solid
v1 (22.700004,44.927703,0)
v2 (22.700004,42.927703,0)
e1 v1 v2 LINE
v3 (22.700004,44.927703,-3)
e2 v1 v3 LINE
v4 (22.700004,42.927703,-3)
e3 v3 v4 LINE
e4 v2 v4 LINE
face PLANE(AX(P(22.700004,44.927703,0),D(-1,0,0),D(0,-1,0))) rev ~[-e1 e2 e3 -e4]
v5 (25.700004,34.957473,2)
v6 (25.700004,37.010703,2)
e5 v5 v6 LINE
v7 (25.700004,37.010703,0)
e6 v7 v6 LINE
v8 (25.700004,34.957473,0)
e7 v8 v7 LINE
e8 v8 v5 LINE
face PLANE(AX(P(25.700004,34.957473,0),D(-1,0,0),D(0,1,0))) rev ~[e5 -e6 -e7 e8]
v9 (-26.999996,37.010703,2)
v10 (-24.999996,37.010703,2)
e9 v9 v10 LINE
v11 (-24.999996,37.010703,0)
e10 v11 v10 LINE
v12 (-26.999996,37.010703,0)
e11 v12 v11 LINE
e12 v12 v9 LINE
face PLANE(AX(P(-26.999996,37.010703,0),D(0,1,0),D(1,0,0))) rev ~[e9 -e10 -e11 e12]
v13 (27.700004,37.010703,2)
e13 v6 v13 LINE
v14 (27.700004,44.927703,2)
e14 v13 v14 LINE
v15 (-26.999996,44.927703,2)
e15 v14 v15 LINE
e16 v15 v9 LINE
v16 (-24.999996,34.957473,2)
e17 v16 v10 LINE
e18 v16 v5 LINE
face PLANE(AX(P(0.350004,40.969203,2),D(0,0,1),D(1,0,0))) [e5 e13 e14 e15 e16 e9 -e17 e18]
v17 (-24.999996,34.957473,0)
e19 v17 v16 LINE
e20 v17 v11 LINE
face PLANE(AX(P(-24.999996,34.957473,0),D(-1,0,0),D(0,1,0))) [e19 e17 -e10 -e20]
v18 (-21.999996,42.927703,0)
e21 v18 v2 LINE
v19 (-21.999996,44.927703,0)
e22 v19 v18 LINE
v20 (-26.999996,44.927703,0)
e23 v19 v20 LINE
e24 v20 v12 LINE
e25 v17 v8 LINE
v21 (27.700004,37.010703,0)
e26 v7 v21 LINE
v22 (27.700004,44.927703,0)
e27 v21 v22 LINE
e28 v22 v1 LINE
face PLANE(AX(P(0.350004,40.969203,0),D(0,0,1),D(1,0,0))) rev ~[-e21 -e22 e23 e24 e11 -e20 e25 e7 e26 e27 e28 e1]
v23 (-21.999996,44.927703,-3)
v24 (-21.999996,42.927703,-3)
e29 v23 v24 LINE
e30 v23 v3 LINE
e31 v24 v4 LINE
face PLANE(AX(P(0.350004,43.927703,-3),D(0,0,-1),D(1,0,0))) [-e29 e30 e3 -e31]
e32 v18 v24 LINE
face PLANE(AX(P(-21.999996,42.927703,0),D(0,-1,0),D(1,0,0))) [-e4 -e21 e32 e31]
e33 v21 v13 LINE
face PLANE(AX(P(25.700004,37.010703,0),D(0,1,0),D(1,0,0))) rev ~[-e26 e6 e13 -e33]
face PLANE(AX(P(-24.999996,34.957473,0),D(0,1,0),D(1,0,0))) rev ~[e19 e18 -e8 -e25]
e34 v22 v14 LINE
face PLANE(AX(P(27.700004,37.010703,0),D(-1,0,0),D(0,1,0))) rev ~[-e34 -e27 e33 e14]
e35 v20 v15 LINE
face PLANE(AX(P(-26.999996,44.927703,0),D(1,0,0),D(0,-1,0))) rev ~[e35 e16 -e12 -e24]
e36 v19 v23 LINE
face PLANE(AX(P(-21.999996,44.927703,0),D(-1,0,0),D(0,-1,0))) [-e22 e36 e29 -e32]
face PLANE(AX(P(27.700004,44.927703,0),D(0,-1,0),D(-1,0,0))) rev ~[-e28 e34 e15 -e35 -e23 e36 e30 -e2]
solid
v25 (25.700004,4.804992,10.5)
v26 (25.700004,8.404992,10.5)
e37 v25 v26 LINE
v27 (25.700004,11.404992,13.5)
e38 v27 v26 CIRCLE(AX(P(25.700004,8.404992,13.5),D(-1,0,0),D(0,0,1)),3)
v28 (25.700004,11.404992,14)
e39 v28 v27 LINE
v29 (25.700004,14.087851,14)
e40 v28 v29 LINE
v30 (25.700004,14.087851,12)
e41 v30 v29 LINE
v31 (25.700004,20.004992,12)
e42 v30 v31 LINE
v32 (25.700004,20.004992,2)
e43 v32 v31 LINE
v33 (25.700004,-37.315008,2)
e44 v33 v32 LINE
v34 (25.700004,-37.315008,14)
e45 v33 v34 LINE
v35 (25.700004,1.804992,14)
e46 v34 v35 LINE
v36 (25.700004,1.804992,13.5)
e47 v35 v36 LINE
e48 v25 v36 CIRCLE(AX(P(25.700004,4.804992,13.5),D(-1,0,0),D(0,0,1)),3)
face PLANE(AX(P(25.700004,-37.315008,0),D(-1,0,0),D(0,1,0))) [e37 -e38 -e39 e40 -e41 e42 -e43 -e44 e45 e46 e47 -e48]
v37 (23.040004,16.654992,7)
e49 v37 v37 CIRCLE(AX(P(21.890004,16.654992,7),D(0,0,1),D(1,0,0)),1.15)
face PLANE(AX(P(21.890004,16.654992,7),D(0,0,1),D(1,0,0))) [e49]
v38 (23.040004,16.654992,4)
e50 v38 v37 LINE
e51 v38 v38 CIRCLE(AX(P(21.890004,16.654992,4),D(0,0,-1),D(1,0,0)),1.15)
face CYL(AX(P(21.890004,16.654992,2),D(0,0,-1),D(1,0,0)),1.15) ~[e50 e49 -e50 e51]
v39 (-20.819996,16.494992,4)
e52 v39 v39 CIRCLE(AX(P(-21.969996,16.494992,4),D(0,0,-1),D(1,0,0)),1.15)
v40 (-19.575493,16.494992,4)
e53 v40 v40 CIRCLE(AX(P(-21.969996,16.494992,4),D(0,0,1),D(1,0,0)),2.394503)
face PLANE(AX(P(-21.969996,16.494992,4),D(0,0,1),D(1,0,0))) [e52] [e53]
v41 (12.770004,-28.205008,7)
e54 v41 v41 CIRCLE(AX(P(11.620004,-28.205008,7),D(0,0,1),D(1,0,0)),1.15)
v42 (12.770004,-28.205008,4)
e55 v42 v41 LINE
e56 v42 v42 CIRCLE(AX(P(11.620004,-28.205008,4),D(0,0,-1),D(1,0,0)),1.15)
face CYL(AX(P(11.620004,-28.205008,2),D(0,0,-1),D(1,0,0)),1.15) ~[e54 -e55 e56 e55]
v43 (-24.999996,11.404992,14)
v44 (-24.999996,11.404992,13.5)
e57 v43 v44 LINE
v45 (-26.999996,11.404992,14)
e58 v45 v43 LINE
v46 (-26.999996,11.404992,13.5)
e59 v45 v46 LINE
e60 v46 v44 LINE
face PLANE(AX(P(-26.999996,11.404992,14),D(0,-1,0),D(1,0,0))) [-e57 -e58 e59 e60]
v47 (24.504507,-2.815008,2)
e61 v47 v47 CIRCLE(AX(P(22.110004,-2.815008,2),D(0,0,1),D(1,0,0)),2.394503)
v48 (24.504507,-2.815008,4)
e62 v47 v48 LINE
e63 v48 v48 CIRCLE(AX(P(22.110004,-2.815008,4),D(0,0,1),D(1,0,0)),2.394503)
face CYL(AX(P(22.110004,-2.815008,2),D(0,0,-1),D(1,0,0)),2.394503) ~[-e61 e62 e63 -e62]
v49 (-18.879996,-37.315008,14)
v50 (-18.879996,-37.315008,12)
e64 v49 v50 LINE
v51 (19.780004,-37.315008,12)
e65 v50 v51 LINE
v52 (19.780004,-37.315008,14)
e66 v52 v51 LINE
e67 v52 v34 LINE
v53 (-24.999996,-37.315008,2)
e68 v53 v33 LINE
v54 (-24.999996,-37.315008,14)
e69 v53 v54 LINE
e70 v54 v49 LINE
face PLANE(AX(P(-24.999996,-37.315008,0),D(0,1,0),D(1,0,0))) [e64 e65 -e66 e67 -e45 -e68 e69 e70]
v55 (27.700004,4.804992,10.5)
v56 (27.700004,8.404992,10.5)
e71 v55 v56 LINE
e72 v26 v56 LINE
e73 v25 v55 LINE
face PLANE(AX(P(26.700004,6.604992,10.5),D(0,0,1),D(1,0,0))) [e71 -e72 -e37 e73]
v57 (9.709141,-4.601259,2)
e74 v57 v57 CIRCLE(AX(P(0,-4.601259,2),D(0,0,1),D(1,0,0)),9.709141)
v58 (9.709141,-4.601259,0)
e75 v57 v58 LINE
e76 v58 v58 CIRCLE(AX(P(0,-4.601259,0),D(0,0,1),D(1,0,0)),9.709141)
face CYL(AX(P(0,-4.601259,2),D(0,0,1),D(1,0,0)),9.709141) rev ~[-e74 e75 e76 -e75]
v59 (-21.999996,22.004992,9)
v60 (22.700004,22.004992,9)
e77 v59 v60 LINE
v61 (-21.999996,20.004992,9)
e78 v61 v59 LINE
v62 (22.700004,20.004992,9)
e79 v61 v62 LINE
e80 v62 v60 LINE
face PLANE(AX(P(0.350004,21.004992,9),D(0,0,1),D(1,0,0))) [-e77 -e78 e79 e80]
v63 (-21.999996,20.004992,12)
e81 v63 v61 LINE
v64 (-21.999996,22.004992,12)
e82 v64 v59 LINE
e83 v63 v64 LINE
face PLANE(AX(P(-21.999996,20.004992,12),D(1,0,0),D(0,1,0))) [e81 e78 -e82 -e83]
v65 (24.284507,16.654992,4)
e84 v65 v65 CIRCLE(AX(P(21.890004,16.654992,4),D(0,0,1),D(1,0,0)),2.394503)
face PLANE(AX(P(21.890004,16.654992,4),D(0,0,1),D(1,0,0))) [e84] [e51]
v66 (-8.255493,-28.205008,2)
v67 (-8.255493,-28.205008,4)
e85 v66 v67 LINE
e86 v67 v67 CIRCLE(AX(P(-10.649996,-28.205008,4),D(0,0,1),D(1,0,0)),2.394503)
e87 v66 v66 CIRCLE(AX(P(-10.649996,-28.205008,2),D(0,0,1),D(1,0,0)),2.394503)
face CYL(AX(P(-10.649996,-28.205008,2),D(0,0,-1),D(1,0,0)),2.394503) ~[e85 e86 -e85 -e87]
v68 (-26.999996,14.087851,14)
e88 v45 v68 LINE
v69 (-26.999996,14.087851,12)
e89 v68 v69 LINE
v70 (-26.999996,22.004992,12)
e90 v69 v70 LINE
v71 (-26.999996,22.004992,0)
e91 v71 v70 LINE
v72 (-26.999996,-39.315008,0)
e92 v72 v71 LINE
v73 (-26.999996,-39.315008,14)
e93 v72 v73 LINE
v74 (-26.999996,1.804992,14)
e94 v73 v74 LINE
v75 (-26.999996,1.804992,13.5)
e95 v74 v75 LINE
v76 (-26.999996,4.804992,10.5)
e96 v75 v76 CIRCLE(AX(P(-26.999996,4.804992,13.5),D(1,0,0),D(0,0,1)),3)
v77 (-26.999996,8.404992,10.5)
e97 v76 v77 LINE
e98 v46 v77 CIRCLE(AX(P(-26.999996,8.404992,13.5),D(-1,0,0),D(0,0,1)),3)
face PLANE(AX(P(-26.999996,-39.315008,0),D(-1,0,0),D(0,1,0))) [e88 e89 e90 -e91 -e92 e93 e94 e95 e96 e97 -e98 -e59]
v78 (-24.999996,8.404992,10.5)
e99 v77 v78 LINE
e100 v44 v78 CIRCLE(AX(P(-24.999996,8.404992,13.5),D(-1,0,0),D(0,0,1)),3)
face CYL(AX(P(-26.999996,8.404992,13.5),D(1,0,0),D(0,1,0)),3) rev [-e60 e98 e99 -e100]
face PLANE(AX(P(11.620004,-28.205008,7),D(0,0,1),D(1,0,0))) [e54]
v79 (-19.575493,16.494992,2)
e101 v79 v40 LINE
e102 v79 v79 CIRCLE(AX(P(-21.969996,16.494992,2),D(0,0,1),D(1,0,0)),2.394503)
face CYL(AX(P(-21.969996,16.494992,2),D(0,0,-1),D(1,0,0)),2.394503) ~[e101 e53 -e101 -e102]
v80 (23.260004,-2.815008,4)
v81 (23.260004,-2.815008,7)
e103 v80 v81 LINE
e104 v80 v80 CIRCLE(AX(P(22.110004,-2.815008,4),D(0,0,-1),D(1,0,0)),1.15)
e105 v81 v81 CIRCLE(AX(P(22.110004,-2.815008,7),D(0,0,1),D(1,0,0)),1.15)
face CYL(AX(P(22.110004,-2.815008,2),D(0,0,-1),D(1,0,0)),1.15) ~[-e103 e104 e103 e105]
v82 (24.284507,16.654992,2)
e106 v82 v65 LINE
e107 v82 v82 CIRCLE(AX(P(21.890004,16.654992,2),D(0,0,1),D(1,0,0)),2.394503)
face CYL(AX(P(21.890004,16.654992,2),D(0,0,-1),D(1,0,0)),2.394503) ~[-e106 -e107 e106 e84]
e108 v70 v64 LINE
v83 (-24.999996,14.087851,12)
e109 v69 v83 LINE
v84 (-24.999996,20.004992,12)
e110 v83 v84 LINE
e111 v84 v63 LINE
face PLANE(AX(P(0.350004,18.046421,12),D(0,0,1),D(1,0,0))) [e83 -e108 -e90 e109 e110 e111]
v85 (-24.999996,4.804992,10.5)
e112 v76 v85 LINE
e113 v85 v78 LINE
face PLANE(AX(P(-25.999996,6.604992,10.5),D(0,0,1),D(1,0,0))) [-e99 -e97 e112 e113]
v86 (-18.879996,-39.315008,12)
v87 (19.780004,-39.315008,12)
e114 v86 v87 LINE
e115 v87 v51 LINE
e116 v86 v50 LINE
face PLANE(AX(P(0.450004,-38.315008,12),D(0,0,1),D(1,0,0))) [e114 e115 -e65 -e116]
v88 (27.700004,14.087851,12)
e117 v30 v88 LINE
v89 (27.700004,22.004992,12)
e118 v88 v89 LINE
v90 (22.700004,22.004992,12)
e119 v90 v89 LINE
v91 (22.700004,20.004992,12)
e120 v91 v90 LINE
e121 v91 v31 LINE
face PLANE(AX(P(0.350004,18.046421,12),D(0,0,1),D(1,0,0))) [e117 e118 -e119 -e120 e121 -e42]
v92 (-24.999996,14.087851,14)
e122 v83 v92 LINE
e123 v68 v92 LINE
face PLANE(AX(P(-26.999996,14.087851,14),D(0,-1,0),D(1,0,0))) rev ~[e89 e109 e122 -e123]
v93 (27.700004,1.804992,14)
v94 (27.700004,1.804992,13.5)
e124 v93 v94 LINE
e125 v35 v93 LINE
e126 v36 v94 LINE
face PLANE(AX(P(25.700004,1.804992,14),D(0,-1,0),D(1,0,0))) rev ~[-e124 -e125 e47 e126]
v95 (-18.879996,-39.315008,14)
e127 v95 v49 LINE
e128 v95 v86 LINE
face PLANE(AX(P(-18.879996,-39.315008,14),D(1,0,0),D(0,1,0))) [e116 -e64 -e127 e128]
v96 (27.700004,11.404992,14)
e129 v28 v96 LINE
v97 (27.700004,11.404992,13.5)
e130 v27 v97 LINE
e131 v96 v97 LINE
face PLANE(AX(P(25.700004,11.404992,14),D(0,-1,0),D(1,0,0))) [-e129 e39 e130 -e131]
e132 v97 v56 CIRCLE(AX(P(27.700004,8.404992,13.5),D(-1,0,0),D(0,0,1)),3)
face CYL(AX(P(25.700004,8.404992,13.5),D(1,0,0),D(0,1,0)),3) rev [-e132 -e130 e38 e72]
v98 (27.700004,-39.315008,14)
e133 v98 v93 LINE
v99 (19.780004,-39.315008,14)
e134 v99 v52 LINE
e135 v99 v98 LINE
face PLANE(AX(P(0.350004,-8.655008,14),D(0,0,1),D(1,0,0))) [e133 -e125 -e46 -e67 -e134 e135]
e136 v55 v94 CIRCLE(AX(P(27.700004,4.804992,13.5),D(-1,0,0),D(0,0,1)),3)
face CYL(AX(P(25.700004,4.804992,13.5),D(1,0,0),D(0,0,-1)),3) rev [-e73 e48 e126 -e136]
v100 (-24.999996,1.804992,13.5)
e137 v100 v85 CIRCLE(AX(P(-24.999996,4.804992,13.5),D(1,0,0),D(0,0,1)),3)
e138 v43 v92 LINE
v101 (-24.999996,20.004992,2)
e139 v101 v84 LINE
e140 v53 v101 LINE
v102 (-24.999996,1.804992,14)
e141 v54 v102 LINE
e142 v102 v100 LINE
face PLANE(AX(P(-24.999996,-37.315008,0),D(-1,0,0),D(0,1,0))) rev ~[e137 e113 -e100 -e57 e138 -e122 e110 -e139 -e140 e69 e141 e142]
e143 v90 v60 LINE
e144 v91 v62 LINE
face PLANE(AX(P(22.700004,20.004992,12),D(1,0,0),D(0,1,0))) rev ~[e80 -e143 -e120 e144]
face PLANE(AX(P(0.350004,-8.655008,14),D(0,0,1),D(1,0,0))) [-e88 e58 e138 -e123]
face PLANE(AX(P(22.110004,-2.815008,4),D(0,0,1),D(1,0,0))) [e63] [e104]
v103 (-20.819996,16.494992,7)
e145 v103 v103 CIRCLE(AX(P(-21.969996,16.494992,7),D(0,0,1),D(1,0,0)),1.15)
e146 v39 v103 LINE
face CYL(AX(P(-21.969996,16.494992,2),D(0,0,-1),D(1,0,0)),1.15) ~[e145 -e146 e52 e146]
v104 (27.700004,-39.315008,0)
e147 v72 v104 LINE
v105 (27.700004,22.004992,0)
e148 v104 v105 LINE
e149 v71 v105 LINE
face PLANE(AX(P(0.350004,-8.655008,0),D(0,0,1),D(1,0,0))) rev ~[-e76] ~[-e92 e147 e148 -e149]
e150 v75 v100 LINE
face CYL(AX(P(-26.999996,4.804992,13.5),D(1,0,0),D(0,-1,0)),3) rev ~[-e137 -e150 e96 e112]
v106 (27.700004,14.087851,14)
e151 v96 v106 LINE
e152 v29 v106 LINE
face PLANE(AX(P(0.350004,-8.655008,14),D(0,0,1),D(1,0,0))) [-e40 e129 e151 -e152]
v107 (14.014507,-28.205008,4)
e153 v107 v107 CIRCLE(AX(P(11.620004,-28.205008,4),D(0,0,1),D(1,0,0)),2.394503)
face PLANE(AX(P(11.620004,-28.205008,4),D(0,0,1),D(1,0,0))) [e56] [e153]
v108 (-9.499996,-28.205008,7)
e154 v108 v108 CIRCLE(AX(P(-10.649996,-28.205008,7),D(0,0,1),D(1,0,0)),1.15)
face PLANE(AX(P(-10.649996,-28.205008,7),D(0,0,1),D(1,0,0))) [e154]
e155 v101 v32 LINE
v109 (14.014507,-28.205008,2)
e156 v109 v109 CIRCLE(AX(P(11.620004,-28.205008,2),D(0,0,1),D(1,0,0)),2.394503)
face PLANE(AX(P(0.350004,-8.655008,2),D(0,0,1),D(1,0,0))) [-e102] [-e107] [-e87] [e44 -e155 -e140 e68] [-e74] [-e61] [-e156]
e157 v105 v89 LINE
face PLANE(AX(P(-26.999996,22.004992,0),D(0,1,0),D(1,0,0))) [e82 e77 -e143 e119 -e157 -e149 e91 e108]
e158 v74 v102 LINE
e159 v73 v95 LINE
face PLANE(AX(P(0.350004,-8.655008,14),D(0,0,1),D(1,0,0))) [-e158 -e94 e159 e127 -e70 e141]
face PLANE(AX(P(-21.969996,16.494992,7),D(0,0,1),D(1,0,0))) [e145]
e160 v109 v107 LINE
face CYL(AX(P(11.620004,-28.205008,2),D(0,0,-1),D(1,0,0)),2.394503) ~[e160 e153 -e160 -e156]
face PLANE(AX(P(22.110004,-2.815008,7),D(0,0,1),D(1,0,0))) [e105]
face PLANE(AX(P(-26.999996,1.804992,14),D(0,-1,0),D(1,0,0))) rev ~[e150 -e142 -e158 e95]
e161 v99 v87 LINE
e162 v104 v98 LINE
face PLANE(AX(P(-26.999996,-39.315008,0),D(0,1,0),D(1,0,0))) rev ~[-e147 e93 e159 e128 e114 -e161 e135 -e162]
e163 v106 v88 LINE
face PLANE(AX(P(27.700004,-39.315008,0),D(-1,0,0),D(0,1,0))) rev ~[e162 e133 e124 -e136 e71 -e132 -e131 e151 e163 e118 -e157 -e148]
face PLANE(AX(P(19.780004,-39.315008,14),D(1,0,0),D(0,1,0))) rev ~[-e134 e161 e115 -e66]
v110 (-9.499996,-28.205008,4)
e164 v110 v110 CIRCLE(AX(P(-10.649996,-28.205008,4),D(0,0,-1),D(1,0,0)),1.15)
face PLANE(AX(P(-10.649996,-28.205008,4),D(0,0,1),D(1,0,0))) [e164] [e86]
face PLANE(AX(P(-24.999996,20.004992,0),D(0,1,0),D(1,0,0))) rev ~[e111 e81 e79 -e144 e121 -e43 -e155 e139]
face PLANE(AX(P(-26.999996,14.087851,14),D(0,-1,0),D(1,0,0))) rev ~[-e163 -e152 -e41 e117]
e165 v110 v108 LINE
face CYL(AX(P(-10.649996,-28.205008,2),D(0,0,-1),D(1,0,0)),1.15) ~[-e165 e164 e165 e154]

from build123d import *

# Parameters (mm, degrees)
F0_W      = 54.7
F0_H      = 61.32
F0_W_2    = 50.7
F0_H_2    = 57.32
F1_DEPTH  = 14
F2_DEPTH  = 2
F3_R      = 1.15
F4_DEPTH  = 5
F5_R      = 2.3945032788
F6_DEPTH  = 2
F7_W      = 2
F7_H      = 9.6
F8_DEPTH  = 3.5
F9_R      = 3
F10_W     = 2
F10_H     = 9.6
F11_DEPTH = 3.5
F12_R     = 3
F13_W     = 38.66
F13_H     = 2
F14_DEPTH = 2
F15_W     = 54.7
F15_H     = 7.9171418053
F16_DEPTH = 2
F17_W     = 50.7
F17_H     = 2.05323
F18_DEPTH = 2
F19_W     = 44.7
F19_H     = 2
F20_DEPTH = 3
F21_W     = 44.7
F21_H     = 2
F22_DEPTH = 3
F23_R     = 9.7091406399
F24_DEPTH = 3


with BuildPart() as f1:
    # F0 (on Top) → F1 (new body)
    with BuildSketch(Plane.XY):
        with Locations((0.3500037253, -8.655007627)):
            Rectangle(F0_W, F0_H)
        with Locations((0.3500037253, -8.655007627)):
            Rectangle(F0_W_2, F0_H_2, mode=Mode.SUBTRACT)
    extrude(amount=F1_DEPTH)

    # F0 (on Top) → F2 (join)
    with BuildSketch(Plane.XY):
        with Locations((0.3500037253, -8.655007627)):
            Rectangle(F0_W_2, F0_H_2)
    extrude(amount=F2_DEPTH)

    # F3 (on face) → F4 (join)
    with BuildSketch(Plane.XY.offset(2)):
        with Locations((21.8900037253, 16.654992373)):
            Circle(F3_R)
        with Locations((-21.9699962747, 16.494992373)):
            Circle(F3_R)
        with Locations((22.1100037253, -2.815007627)):
            Circle(F3_R)
        with Locations((11.6200037253, -28.205007627)):
            Circle(F3_R)
        with Locations((-10.6499962747, -28.205007627)):
            Circle(F3_R)
    extrude(amount=F4_DEPTH)

    # F5 (on face) → F6 (join)
    with BuildSketch(Plane.XY.offset(2)):
        with Locations((-10.6499962747, -28.205007627)):
            Circle(F5_R)
        with Locations((11.6200037253, -28.205007627)):
            Circle(F5_R)
        with Locations((22.1100037253, -2.815007627)):
            Circle(F5_R)
        with Locations((21.8900037253, 16.654992373)):
            Circle(F5_R)
        with Locations((-21.9699962747, 16.494992373)):
            Circle(F5_R)
    extrude(amount=F6_DEPTH)

    # F7 (on face) → F8 (cut)
    with BuildSketch(Plane.XY.offset(14)):
        with Locations((26.7000037253, 6.604992373)):
            Rectangle(F7_W, F7_H)
    extrude(amount=-F8_DEPTH, mode=Mode.SUBTRACT)

    # F9
    f9_edges = [f1.edges().sort_by_distance(p)[0] for p in [
        (26.700004, 11.404992, 10.5),
        (26.700004, 1.804992, 10.5),
    ]]
    fillet(f9_edges, radius=F9_R)

    # F10 (on face) → F11 (cut)
    with BuildSketch(Plane.XY.offset(14)):
        with Locations((-25.9999962747, 6.604992373)):
            Rectangle(F10_W, F10_H)
    extrude(amount=-F11_DEPTH, mode=Mode.SUBTRACT)

    # F12
    f12_edges = [f1.edges().sort_by_distance(p)[0] for p in [
        (-25.999996, 11.404992, 10.5),
        (-25.999996, 1.804992, 10.5),
    ]]
    fillet(f12_edges, radius=F12_R)

    # F13 (on face) → F14 (cut)
    with BuildSketch(Plane.XY.offset(14)):
        with Locations((0.4500037253, -38.315007627)):
            Rectangle(F13_W, F13_H)
    extrude(amount=-F14_DEPTH, mode=Mode.SUBTRACT)

    # F15 (on face) → F16 (cut)
    with BuildSketch(Plane.XY.offset(14)):
        with Locations((0.3500037253, 18.0464214703)):
            Rectangle(F15_W, F15_H)
    extrude(amount=-F16_DEPTH, mode=Mode.SUBTRACT)

    # F21 (on face) → F22 (cut)
    with BuildSketch(Plane.XY.offset(12)):
        with Locations((0.3500037253, 21.004992373)):
            Rectangle(F21_W, F21_H)
    extrude(amount=-F22_DEPTH, mode=Mode.SUBTRACT)

    # F23 (on face) → F24 (cut)
    with BuildSketch(Plane.XY.offset(2)):
        with Locations((0, -4.6012587845)):
            Circle(F23_R)
    extrude(amount=-F24_DEPTH, mode=Mode.SUBTRACT)


with BuildPart() as f18:
    # F17 (on Top) → F18 (new body)
    with BuildSketch(Plane.XY):
        Polygon((27.7000037253, 44.9277027175), (-26.9999962747, 44.9277027175), (-26.9999962747, 37.0107027175), (-24.9999962747, 37.0107027175), (25.7000037253, 37.0107027175), (27.7000037253, 37.0107027175), align=None)
        with Locations((0.3500037253, 35.9840877175)):
            Rectangle(F17_W, F17_H)
    extrude(amount=F18_DEPTH)

    # F19 (on face) → F20 (join)
    with BuildSketch(Plane(origin=(0, 0, 0), x_dir=(1, 0, 0), z_dir=(0, 0, -1))):
        with Locations((0.3500037253, -43.9277027175)):
            Rectangle(F19_W, F19_H)
    extrude(amount=F20_DEPTH)


solid = Compound([f1.part, f18.part])
